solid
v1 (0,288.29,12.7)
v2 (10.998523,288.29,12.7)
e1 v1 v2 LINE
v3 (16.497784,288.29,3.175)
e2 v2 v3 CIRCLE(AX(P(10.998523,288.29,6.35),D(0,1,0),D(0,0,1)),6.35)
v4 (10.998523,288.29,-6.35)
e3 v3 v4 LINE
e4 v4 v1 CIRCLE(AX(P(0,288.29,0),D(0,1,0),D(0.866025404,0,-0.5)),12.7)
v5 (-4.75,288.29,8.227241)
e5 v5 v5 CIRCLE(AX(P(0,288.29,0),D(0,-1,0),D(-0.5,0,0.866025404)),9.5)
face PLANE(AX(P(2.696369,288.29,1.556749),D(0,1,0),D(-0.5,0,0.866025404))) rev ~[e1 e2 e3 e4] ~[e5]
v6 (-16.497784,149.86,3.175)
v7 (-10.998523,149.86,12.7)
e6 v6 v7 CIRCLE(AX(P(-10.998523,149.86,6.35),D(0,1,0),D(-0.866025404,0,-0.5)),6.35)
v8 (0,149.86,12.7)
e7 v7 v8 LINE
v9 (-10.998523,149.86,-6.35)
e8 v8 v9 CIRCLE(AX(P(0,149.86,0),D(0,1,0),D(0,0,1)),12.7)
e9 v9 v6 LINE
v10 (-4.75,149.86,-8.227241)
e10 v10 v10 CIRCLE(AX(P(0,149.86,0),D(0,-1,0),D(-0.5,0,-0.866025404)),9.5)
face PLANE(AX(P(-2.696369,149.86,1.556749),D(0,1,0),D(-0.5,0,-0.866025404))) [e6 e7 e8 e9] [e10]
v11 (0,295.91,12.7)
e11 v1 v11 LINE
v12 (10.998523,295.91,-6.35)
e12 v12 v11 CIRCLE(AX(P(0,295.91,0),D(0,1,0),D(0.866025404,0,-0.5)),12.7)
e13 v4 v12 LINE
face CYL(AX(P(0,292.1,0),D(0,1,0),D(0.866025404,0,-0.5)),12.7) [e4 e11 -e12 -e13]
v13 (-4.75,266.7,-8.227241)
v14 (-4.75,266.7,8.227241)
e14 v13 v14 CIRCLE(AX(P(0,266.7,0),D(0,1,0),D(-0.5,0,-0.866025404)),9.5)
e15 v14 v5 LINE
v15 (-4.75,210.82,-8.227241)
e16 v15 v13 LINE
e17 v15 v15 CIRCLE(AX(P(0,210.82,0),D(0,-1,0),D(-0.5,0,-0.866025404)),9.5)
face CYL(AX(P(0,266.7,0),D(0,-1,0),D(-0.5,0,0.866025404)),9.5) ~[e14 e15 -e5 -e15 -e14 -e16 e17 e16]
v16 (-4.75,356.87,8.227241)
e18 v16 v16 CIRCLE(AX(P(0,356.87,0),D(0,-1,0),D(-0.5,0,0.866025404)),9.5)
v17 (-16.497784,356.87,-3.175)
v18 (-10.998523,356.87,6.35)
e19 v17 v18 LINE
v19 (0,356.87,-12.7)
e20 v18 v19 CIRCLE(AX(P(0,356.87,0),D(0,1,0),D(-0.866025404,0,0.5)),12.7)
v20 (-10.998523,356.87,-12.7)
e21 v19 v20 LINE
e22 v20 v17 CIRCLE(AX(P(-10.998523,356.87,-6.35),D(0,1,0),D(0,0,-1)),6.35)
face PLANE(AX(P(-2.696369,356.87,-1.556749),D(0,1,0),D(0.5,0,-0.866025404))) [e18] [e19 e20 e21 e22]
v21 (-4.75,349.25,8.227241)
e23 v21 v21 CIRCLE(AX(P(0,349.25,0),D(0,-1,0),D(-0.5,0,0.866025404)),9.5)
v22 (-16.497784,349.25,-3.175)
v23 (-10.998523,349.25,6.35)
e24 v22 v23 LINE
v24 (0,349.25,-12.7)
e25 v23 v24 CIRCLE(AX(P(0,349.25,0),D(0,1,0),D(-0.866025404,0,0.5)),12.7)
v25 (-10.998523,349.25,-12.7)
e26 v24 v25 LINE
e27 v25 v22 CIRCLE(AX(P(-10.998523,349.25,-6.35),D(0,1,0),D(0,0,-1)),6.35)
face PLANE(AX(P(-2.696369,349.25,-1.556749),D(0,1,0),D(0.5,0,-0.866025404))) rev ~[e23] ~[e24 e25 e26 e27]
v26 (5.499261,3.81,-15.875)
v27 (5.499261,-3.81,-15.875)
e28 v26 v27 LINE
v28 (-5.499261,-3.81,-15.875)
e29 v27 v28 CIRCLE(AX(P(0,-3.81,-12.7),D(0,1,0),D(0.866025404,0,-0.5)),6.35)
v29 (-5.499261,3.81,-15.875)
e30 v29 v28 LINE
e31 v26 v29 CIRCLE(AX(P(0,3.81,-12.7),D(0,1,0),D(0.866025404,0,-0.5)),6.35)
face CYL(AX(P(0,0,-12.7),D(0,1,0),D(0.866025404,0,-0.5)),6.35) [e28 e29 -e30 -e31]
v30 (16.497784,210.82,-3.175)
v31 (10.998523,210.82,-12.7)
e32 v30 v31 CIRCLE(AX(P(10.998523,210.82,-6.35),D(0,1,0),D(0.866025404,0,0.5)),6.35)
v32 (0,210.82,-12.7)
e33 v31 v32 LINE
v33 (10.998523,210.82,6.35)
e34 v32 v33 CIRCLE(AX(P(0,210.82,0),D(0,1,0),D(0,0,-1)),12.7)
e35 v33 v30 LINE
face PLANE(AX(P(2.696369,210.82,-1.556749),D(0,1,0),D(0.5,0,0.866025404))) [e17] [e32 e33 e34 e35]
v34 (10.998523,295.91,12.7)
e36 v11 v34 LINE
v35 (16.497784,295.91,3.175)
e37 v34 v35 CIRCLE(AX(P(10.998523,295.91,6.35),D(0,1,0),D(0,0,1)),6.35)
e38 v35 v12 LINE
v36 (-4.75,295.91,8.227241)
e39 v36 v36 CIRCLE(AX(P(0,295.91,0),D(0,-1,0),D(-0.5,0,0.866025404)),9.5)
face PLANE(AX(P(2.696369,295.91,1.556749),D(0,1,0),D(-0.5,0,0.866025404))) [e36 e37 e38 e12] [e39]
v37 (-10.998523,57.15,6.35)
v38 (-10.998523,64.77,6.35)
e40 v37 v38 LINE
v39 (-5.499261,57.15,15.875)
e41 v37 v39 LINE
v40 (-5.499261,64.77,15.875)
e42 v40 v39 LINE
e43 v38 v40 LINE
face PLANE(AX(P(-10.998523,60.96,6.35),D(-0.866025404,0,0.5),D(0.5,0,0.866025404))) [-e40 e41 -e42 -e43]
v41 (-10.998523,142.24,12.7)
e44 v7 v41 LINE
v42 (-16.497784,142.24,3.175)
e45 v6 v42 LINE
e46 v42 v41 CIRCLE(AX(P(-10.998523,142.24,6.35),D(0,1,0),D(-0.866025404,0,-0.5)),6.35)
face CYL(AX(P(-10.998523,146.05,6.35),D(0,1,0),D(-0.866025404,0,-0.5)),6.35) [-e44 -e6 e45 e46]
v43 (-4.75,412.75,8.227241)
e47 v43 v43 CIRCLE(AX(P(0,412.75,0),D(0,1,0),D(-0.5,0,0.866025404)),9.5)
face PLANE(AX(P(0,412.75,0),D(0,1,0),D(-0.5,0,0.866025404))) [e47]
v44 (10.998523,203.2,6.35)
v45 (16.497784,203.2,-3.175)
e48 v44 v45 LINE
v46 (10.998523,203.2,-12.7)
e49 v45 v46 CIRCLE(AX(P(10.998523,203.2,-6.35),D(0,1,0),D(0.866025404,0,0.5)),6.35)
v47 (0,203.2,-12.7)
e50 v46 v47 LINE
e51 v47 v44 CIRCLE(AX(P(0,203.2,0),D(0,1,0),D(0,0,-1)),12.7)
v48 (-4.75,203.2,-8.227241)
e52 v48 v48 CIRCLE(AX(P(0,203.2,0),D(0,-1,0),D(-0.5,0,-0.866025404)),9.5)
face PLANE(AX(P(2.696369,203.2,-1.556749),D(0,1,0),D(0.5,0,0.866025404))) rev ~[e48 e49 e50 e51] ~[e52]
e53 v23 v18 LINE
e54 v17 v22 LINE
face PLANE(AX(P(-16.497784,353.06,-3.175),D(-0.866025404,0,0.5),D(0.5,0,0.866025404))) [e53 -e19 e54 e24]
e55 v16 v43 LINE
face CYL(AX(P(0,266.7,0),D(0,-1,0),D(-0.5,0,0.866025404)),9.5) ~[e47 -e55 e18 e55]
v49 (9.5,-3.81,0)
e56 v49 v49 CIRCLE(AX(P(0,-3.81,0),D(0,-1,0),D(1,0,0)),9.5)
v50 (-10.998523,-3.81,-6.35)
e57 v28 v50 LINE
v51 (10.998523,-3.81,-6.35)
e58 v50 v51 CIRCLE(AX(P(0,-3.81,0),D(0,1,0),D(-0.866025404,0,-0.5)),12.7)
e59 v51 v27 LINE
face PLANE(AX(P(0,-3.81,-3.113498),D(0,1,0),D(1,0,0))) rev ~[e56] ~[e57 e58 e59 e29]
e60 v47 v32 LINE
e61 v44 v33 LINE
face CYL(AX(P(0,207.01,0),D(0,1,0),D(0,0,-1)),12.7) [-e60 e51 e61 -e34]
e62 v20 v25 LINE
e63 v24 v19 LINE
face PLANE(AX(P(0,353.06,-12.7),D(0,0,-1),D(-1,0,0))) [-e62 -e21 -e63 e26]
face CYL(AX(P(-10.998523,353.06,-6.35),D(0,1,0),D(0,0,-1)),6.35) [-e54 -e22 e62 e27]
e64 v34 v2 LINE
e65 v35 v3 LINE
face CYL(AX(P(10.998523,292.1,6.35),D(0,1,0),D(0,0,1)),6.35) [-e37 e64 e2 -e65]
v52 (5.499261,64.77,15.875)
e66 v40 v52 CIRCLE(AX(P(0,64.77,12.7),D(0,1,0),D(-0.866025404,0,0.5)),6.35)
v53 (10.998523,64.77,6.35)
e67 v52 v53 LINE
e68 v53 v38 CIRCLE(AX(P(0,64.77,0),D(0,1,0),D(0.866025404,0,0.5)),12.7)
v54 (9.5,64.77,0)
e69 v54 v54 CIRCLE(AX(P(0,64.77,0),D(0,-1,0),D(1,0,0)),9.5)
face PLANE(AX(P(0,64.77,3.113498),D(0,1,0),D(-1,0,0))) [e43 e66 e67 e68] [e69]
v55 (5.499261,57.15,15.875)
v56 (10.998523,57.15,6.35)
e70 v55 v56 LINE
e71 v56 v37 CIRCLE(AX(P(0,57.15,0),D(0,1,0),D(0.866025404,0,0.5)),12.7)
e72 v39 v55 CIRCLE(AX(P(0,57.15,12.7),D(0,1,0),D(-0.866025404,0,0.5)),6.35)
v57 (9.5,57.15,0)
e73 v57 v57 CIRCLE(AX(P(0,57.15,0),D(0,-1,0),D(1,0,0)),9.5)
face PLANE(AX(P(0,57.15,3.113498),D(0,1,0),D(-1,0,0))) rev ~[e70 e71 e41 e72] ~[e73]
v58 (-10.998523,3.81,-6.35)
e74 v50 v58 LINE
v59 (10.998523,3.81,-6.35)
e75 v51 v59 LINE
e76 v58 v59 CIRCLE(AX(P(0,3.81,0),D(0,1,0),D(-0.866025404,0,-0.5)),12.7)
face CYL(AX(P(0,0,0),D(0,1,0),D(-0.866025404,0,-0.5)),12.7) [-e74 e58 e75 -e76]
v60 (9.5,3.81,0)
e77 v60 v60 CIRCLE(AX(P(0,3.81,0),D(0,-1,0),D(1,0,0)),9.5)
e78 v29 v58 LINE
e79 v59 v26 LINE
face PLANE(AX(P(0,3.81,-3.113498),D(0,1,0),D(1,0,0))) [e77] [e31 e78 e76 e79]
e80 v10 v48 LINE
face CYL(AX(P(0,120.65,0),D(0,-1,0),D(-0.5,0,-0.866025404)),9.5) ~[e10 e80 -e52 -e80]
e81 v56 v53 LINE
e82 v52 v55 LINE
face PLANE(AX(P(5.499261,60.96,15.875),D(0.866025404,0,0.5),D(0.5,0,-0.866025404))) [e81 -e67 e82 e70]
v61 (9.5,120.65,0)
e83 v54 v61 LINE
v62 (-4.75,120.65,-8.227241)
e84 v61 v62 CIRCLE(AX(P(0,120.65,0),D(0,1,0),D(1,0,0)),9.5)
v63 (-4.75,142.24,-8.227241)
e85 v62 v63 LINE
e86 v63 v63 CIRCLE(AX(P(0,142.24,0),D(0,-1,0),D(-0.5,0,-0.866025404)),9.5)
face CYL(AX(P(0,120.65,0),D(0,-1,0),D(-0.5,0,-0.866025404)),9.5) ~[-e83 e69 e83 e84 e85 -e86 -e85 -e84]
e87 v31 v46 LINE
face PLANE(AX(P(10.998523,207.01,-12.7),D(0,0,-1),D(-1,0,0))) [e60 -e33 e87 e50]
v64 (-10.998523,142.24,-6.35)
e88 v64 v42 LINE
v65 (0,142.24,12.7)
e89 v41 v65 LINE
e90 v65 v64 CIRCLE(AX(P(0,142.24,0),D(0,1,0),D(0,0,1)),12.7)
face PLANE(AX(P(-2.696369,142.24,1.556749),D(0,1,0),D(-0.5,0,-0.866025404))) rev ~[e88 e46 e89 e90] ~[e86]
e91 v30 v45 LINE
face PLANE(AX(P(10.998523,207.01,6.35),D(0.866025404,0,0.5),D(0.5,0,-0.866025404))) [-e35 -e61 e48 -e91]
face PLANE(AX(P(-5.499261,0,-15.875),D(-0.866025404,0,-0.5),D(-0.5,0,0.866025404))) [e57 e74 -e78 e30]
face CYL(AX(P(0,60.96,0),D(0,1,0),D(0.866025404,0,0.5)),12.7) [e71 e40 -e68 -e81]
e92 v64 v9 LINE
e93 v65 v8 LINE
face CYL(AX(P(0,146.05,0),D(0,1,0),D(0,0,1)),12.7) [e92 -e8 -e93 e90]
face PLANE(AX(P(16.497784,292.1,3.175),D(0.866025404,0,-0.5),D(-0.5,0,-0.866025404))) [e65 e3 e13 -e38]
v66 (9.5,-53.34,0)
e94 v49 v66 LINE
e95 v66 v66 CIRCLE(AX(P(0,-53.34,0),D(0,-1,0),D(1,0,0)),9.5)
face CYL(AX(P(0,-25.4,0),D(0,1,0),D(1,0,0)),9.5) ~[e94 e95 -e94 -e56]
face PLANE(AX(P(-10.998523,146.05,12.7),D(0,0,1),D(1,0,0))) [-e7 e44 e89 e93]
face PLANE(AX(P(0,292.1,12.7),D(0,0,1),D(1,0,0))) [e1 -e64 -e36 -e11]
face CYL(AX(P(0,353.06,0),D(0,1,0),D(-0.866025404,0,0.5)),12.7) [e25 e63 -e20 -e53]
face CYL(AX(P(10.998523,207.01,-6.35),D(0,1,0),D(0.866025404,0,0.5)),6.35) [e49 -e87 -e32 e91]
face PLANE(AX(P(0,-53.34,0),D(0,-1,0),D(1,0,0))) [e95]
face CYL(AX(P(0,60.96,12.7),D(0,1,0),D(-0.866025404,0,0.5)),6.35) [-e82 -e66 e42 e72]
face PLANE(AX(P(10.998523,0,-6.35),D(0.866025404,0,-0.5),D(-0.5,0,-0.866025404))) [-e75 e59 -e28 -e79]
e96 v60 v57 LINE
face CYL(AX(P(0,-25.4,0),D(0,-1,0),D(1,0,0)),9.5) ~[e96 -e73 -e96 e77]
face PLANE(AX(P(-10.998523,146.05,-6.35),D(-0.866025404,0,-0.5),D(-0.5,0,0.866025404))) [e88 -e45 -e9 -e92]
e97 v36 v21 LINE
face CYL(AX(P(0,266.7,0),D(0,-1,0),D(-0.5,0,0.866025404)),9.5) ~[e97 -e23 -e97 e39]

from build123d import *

# Parameters (mm, degrees)
BOSS_EXTRUDE1_DEPTH   = 3.81
BODY_MOVE_COPY2_ANGLE = 180
BOSS_EXTRUDE2_START   = -25.4
SKETCH2_R             = 9.5
BOSS_EXTRUDE2_DEPTH   = 146.05
LPATTERN1_COUNT       = 3
LPATTERN1_PITCH       = 146.05
BODY_MOVE_COPY3_ANGLE = 120
BODY_MOVE_COPY4_ANGLE = 120
SKETCH3_R             = 9.5
BOSS_EXTRUDE3_DEPTH   = 27.94


with BuildPart() as part:
    # Sketch1 → Boss-Extrude1 (new body, symmetric)
    with BuildSketch(Plane(origin=(0, 0, 0), x_dir=(1, 0, 0), z_dir=(0, 1, 0))):
        with BuildLine():
            Line((-5.499261314, 15.875), (-10.998522628, 6.35))
            ThreePointArc((-10.998522628, 6.35), (0, -12.7), (10.998522628, 6.35))
            Line((10.998522628, 6.35), (5.499261314, 15.875))
            ThreePointArc((5.499261314, 15.875), (0, 19.05), (-5.499261314, 15.875))
        make_face()
    extrude(amount=BOSS_EXTRUDE1_DEPTH, both=True)


with BuildPart() as body_2:
    # Body-Move_Copy1: copy of part
    add(part.part.moved(Location((0, 60.96, 0))))


with BuildPart() as body_2_1:
    # Body-Move_Copy2: moved
    add(body_2.part.rotate(Axis((0, 0, 0), (0, 1, 0)), BODY_MOVE_COPY2_ANGLE))


with BuildPart() as part_1:
    add(part.part)

    add(body_2_1.part)  # Boss-Extrude2 merges body 2
    # Sketch2 → Boss-Extrude2 (add)
    with BuildSketch(Plane(origin=(0, 0, 0), x_dir=(1, 0, 0), z_dir=(0, 1, 0)).offset(BOSS_EXTRUDE2_START)):
        Circle(SKETCH2_R)
    extrude(amount=BOSS_EXTRUDE2_DEPTH)


with BuildPart() as lpattern1_1:
    # LPattern1: pattern copy
    add(part_1.part.moved(Location(Vector(0, 1, 0) * (1 * LPATTERN1_PITCH))))


with BuildPart() as lpattern1_2:
    # LPattern1: pattern copy
    add(part_1.part.moved(Location(Vector(0, 1, 0) * (2 * LPATTERN1_PITCH))))


with BuildPart() as lpattern1_1_1:
    # Body-Move_Copy3: moved
    add(lpattern1_1.part.rotate(Axis((0, 0, 0), (0, 1, 0)), BODY_MOVE_COPY3_ANGLE))


with BuildPart() as lpattern1_2_1:
    # Body-Move_Copy4: moved
    add(lpattern1_2.part.rotate(Axis((0, 0, 0), (0, -1, 0)), BODY_MOVE_COPY4_ANGLE))


with BuildPart() as part_2:
    add(part_1.part)

    # Sketch3 → Boss-Extrude3 (add)
    with BuildSketch(Plane.XZ.offset(25.4)):
        Circle(SKETCH3_R)
    extrude(amount=BOSS_EXTRUDE3_DEPTH)

    # Combine1: union LPattern1_1, LPattern1_2
    add(lpattern1_1_1.part)
    add(lpattern1_2_1.part)


solid = part_2.part
